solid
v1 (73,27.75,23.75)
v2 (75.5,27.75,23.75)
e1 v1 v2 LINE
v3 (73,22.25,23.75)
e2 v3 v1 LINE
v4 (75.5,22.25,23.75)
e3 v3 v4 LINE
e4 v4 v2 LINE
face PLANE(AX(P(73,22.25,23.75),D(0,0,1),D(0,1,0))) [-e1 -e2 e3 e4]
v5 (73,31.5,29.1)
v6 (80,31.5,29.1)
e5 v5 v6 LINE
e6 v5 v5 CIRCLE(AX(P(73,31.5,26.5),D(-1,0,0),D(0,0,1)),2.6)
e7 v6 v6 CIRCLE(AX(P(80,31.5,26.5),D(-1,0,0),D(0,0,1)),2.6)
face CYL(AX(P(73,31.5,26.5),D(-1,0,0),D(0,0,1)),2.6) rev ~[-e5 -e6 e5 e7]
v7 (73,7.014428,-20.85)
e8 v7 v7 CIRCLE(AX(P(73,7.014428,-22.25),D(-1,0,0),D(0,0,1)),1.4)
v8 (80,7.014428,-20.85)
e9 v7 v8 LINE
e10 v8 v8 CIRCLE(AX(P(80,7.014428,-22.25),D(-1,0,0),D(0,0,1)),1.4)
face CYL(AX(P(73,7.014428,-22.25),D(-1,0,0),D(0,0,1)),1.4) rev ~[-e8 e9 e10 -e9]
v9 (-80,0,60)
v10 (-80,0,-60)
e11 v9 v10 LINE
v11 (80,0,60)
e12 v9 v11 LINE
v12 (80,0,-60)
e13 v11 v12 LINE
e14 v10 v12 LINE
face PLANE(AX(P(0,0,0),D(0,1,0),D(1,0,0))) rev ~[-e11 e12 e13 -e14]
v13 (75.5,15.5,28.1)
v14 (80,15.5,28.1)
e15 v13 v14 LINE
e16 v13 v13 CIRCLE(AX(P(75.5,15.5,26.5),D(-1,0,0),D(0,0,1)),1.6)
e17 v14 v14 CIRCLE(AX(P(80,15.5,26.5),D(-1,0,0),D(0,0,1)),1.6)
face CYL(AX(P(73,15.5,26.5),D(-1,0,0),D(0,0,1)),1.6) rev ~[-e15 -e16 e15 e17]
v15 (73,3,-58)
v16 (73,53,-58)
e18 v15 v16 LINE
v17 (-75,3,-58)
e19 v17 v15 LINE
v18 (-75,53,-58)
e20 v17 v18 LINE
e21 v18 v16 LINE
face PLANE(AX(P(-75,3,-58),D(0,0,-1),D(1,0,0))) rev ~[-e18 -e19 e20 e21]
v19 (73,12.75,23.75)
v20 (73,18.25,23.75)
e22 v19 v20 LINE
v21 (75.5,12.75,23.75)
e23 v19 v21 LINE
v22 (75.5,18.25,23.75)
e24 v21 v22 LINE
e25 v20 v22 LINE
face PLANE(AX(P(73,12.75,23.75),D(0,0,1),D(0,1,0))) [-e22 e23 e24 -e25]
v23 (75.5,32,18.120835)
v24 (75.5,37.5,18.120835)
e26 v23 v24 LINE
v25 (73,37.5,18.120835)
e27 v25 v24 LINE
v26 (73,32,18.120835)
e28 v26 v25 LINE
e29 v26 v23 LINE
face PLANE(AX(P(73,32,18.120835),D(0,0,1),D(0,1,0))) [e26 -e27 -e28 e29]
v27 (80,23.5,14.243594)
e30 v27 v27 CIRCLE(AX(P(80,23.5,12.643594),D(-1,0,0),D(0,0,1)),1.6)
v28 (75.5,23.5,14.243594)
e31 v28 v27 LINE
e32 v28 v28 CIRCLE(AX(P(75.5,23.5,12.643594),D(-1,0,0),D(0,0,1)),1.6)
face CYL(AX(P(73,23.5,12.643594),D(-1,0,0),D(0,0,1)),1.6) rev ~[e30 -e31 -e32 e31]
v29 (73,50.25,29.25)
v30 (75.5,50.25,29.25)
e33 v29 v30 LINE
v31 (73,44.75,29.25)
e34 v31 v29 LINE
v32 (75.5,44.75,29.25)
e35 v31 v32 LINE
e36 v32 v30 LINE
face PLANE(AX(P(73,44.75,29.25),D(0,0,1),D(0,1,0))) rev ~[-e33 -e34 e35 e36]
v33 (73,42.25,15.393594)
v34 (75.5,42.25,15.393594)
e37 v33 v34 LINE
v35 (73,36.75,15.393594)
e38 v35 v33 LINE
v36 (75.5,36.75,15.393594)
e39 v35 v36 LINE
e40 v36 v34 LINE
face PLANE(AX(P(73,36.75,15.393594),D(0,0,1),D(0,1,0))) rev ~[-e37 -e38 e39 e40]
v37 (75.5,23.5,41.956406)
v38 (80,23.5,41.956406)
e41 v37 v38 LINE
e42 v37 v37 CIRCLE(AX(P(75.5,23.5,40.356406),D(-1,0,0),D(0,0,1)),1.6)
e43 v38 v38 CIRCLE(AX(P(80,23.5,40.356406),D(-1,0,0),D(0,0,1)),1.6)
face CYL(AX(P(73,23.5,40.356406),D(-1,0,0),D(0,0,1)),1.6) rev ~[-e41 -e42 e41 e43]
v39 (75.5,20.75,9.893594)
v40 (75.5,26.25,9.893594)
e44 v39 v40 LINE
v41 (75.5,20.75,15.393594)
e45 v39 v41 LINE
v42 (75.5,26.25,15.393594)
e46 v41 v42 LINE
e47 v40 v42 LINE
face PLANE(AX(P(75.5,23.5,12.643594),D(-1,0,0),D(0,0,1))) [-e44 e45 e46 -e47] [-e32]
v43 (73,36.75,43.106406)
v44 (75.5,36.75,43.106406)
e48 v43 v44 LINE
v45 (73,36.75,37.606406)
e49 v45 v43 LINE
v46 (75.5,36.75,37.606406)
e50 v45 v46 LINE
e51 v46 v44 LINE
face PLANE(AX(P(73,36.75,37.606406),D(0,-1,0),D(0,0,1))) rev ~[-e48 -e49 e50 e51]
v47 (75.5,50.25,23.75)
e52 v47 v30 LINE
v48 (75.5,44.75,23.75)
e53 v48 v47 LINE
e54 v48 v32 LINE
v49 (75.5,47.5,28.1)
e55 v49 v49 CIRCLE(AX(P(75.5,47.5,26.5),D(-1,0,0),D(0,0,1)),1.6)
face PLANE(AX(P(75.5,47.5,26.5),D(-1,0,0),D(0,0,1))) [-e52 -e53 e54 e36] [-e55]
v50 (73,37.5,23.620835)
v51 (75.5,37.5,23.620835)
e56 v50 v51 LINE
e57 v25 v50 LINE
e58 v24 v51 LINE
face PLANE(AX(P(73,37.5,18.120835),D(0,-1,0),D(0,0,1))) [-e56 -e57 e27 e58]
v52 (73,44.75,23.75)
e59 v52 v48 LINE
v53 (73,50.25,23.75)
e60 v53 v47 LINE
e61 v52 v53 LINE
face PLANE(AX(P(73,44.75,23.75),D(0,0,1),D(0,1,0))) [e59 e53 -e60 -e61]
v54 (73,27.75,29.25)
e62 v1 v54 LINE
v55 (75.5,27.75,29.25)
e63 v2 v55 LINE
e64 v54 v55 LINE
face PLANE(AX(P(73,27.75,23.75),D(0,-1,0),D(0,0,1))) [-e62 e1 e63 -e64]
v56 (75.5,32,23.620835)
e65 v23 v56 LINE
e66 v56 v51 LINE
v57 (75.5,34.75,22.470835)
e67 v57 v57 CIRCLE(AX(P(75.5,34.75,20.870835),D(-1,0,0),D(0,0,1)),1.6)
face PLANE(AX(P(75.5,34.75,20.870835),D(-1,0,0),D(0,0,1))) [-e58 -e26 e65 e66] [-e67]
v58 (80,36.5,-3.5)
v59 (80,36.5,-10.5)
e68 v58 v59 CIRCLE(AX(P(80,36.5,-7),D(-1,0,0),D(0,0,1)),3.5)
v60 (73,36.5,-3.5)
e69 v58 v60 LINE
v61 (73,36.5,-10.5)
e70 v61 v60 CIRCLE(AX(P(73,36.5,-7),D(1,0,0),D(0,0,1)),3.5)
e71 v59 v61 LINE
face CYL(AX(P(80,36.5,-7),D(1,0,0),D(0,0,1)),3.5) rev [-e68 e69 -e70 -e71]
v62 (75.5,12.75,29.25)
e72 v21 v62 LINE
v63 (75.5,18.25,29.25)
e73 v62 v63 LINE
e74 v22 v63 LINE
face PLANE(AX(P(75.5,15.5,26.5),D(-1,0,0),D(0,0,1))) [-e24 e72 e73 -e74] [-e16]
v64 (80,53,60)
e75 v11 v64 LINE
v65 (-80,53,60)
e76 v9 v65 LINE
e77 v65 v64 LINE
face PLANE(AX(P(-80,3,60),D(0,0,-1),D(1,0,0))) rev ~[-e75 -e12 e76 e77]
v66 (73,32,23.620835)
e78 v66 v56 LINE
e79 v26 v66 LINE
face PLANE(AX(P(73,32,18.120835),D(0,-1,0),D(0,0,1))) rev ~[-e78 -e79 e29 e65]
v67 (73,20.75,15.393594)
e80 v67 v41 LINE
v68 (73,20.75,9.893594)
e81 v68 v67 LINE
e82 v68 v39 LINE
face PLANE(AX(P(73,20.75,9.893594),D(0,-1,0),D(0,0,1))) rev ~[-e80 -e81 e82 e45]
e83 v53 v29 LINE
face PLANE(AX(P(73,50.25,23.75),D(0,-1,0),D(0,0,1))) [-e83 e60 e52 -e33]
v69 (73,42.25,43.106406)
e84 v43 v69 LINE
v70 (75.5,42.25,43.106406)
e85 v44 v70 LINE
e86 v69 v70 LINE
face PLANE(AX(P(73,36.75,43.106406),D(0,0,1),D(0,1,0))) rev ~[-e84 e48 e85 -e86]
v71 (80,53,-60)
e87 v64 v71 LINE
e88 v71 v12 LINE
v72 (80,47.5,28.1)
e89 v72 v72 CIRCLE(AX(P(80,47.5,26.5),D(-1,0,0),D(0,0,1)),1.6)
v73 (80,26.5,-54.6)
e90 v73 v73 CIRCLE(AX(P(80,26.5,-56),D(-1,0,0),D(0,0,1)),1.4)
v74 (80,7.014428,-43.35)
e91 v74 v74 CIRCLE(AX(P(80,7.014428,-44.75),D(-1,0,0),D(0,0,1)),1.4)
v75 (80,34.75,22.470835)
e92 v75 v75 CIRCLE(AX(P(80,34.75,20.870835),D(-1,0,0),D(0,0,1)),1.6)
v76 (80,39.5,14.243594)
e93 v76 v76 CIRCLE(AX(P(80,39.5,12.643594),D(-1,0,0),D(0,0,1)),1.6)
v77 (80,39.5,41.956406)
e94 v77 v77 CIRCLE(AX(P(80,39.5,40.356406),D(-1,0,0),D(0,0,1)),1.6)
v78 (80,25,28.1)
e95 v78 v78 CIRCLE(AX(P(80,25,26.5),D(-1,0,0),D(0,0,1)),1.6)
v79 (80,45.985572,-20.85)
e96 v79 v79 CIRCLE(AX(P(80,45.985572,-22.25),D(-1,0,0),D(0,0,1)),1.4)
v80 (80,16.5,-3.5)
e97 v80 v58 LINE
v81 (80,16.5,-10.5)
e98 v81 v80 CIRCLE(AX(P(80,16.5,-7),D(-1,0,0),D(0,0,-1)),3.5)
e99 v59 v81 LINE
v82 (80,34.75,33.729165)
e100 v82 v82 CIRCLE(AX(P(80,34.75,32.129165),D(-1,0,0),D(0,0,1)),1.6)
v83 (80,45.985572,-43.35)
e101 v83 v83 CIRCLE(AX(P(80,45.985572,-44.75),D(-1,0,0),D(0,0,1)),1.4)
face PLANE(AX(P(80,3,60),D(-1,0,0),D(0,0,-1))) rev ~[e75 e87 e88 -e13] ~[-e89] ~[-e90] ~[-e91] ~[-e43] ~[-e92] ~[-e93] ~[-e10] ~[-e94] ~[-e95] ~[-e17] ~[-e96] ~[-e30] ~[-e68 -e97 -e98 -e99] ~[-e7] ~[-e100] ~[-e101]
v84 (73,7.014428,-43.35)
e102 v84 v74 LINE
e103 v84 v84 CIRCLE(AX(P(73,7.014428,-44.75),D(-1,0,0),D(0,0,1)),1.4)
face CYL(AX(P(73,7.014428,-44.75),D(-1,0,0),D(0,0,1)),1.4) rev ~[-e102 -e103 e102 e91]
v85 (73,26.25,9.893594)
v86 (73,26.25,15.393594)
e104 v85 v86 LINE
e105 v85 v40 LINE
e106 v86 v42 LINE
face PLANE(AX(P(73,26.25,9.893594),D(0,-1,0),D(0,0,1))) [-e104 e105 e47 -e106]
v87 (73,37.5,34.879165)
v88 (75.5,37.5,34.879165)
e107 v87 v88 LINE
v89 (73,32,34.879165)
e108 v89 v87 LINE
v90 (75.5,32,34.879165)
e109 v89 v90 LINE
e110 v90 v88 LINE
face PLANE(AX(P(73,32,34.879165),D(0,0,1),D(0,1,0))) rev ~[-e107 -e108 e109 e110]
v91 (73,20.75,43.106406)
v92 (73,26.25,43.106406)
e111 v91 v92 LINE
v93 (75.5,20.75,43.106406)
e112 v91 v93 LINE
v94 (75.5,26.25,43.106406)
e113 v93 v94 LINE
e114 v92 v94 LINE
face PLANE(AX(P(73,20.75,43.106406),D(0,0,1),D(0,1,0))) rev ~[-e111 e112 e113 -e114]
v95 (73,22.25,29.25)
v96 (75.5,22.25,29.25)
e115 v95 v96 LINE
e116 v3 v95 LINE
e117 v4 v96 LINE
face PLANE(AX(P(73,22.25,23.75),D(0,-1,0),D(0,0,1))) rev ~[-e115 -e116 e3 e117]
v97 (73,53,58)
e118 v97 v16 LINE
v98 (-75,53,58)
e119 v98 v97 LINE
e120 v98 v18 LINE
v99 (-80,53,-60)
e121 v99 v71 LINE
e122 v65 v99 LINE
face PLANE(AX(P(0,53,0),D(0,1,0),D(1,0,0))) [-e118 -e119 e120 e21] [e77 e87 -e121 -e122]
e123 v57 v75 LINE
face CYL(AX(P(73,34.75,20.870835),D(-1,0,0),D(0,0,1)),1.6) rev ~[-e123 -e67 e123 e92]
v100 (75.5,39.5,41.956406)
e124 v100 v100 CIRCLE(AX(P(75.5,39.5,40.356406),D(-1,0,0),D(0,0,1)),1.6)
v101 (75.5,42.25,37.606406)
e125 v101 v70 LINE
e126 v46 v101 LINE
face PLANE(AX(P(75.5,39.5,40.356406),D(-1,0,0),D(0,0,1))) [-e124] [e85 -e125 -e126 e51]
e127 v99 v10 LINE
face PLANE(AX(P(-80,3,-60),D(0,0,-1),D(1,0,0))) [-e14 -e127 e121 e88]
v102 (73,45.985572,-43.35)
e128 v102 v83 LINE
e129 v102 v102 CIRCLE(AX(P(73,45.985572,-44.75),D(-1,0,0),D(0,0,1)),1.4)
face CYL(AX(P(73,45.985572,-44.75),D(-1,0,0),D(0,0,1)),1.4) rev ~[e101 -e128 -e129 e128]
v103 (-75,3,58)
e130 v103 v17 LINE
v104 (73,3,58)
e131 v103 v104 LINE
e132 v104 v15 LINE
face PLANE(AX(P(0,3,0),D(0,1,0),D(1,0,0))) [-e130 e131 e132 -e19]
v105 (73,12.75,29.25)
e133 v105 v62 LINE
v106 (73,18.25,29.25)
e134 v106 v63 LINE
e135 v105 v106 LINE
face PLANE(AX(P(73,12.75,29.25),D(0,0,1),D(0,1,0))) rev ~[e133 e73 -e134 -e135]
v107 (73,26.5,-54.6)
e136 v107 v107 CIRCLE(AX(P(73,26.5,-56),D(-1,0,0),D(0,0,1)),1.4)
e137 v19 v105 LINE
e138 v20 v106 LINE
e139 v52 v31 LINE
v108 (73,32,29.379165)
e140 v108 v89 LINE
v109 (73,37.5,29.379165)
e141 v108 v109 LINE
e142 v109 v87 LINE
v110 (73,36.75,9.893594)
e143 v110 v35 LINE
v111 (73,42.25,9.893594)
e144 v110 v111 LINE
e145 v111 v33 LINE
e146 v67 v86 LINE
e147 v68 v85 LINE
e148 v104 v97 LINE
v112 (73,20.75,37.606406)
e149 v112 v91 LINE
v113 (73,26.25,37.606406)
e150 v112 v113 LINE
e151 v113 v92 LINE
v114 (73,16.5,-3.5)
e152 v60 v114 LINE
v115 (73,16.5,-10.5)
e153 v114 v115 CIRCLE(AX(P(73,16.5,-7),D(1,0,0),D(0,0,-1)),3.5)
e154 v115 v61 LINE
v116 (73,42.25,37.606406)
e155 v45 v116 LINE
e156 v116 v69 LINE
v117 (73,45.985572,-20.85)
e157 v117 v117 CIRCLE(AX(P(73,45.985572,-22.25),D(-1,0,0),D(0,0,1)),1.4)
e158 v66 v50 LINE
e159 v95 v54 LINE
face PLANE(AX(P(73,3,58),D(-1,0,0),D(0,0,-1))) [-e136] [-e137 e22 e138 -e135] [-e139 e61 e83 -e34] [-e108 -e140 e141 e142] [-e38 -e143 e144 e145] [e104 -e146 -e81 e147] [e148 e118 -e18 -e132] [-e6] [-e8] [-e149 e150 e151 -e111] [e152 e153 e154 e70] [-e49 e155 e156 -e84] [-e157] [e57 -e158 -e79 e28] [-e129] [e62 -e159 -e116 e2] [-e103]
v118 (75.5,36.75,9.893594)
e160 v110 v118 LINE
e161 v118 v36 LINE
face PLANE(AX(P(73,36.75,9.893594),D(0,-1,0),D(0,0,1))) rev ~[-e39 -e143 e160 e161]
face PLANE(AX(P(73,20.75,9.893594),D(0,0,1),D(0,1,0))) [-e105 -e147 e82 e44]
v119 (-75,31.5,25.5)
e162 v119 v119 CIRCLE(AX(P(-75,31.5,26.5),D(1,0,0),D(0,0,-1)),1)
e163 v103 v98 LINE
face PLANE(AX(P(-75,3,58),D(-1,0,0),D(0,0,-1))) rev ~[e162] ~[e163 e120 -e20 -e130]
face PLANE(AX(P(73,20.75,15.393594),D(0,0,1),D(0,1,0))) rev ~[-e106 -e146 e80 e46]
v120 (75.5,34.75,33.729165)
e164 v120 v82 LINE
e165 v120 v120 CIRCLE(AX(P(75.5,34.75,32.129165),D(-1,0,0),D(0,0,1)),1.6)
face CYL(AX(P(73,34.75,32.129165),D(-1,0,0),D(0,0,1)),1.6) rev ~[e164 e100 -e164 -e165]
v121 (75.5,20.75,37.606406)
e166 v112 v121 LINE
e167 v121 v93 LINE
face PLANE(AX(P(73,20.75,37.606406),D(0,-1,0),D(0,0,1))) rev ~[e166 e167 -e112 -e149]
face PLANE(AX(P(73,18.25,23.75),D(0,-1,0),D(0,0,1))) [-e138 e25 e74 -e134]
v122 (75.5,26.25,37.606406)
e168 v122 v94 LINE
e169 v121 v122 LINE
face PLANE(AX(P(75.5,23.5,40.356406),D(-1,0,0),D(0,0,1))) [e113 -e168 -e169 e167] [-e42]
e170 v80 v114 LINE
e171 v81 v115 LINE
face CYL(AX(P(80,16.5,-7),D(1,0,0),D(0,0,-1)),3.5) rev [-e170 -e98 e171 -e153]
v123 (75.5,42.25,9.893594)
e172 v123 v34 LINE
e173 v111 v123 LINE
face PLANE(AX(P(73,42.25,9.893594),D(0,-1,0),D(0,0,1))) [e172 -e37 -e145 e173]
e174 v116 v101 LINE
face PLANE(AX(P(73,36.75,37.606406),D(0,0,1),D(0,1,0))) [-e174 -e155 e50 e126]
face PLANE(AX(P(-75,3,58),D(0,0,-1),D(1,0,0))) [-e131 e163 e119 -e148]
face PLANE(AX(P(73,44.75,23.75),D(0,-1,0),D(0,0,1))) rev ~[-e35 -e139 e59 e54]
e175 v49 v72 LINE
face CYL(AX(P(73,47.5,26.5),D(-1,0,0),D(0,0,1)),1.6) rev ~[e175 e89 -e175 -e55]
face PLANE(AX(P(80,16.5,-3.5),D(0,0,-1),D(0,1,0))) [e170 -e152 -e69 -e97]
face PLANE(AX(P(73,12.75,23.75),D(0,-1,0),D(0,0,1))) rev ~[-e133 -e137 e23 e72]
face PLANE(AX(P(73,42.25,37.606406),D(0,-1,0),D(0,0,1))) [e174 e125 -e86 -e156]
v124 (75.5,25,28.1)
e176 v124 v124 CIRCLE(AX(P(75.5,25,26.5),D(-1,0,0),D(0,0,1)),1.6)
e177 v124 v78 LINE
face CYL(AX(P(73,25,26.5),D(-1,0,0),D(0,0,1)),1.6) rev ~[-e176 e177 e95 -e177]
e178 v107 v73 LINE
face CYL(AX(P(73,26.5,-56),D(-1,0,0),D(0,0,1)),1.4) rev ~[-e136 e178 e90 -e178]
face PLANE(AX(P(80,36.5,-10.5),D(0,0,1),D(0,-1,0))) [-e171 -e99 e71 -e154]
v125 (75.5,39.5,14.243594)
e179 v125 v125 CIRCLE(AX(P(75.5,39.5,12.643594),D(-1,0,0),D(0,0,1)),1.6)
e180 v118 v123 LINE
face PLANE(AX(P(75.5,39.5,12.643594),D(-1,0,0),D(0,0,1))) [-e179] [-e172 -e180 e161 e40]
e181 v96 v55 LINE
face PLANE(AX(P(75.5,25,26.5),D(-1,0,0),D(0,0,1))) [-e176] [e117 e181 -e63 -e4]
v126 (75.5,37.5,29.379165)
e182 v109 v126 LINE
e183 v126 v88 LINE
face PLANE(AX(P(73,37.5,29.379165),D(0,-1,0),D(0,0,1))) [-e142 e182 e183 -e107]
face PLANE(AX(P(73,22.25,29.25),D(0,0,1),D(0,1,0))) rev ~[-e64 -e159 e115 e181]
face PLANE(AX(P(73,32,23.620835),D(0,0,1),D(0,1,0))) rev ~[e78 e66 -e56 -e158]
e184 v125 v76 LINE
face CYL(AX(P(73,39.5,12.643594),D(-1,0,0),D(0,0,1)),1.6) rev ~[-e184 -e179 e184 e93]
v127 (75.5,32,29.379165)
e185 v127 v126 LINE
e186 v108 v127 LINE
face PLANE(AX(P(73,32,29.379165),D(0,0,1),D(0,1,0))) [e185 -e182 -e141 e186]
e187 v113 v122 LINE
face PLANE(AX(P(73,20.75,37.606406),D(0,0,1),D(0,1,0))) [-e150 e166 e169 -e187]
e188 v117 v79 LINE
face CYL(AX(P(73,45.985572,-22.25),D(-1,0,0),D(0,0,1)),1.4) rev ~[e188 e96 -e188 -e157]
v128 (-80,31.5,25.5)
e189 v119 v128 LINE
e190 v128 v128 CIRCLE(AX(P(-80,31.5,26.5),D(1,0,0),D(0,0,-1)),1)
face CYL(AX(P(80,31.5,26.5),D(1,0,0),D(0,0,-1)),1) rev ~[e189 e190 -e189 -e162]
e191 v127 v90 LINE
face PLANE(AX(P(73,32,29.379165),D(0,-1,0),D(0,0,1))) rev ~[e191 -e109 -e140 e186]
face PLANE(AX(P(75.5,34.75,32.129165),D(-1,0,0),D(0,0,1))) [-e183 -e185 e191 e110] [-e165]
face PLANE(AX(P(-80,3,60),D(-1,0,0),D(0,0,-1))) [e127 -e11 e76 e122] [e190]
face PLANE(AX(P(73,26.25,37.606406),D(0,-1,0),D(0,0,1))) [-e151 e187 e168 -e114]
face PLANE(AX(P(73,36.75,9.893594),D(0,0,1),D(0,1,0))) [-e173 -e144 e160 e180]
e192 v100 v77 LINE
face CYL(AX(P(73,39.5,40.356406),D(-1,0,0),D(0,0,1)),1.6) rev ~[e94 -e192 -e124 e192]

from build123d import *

# Parameters (mm, degrees)
SKETCH1_W           = 160
SKETCH1_H           = 120
BOSS_EXTRUDE1_DEPTH = 3
SKETCH2_W           = 160
SKETCH2_H           = 120
SKETCH2_W_2         = 148
SKETCH2_H_2         = 116
BOSS_EXTRUDE2_DEPTH = 50
SKETCH3_R           = 1
CUT_EXTRUDE1_DEPTH  = 179.910592196
SKETCH4_R           = 1.6
SKETCH4_R_2         = 2.6
SKETCH4_R_3         = 1.4
CUT_EXTRUDE2_DEPTH  = 173.678892746
SKETCH5_W           = 5.5
SKETCH5_H           = 5.5
NUT_CAVITIES_DEPTH  = 2.5
CUT_EXTRUDE3_DEPTH  = 10


with BuildPart() as part:
    # Sketch1 → Boss-Extrude1 (new body)
    with BuildSketch(Plane(origin=(0, 0, 0), x_dir=(1, 0, 0), z_dir=(0, 1, 0))):
        Rectangle(SKETCH1_W, SKETCH1_H)
    extrude(amount=BOSS_EXTRUDE1_DEPTH)

    # Sketch2 → Boss-Extrude2 (add)
    with BuildSketch(Plane(origin=(0, 3, 0), x_dir=(1, 0, 0), z_dir=(0, 1, 0))):
        Rectangle(SKETCH2_W, SKETCH2_H)
        with Locations((-1, 0)):
            Rectangle(SKETCH2_W_2, SKETCH2_H_2, mode=Mode.SUBTRACT)
    extrude(amount=BOSS_EXTRUDE2_DEPTH)

    # Sketch3 → Cut-Extrude1 (cut, through all)
    with BuildSketch(Plane(origin=(80, 0, 0), x_dir=(0, 0, -1), z_dir=(1, 0, 0))):
        with Locations((-26.5, 31.5)):
            Circle(SKETCH3_R)
    extrude(amount=-CUT_EXTRUDE1_DEPTH, mode=Mode.SUBTRACT)

    # Sketch4 → Cut-Extrude2 (cut, through all)
    with BuildSketch(Plane.ZY.offset(-73)):
        with Locations((26.5, 25)):
            Circle(SKETCH4_R)
        with Locations((32.129165125, 34.75)):
            Circle(SKETCH4_R)
        with Locations((20.870834875, 34.75)):
            Circle(SKETCH4_R)
        with Locations((26.5, 31.5)):
            Circle(SKETCH4_R_2)
        with Locations((26.5, 47.5)):
            Circle(SKETCH4_R)
        with Locations((12.643593539, 39.5)):
            Circle(SKETCH4_R)
        with Locations((12.643593539, 23.5)):
            Circle(SKETCH4_R)
        with Locations((26.5, 15.5)):
            Circle(SKETCH4_R)
        with Locations((40.356406461, 23.5)):
            Circle(SKETCH4_R)
        with Locations((40.356406461, 39.5)):
            Circle(SKETCH4_R)
        with Locations((-22.25, 45.985571585)):
            Circle(SKETCH4_R_3)
        with Locations((-44.75, 45.985571585)):
            Circle(SKETCH4_R_3)
        with Locations((-56, 26.5)):
            Circle(SKETCH4_R_3)
        with Locations((-44.75, 7.014428415)):
            Circle(SKETCH4_R_3)
        with Locations((-22.25, 7.014428415)):
            Circle(SKETCH4_R_3)
    extrude(amount=-CUT_EXTRUDE2_DEPTH, mode=Mode.SUBTRACT)

    # Sketch5 → Nut cavities (cut)
    with BuildSketch(Plane.ZY.offset(-73)):
        with Locations((12.643593539, 39.5)):
            Rectangle(SKETCH5_W, SKETCH5_H)
        with Locations((26.5, 47.5)):
            Rectangle(SKETCH5_W, SKETCH5_H)
        with Locations((20.870834875, 34.75)):
            Rectangle(SKETCH5_W, SKETCH5_H)
        with Locations((12.643593539, 23.5)):
            Rectangle(SKETCH5_W, SKETCH5_H)
        with Locations((26.5, 15.5)):
            Rectangle(SKETCH5_W, SKETCH5_H)
        with Locations((26.5, 25)):
            Rectangle(SKETCH5_W, SKETCH5_H)
        with Locations((40.356406461, 23.5)):
            Rectangle(SKETCH5_W, SKETCH5_H)
        with Locations((32.129165125, 34.75)):
            Rectangle(SKETCH5_W, SKETCH5_H)
        with Locations((40.356406461, 39.5)):
            Rectangle(SKETCH5_W, SKETCH5_H)
    extrude(amount=-NUT_CAVITIES_DEPTH, mode=Mode.SUBTRACT)

    # Sketch8 → Cut-Extrude3 (cut)
    with BuildSketch(Plane(origin=(80, 0, 0), x_dir=(0, 0, -1), z_dir=(1, 0, 0))):
        with BuildLine():
            Line((10.5, 36.5), (10.5, 16.5))
            ThreePointArc((10.5, 16.5), (7, 13), (3.5, 16.5))
            Line((3.5, 16.5), (3.5, 36.5))
            ThreePointArc((3.5, 36.5), (7, 40), (10.5, 36.5))
        make_face()
    extrude(amount=-CUT_EXTRUDE3_DEPTH, mode=Mode.SUBTRACT)


solid = part.part
